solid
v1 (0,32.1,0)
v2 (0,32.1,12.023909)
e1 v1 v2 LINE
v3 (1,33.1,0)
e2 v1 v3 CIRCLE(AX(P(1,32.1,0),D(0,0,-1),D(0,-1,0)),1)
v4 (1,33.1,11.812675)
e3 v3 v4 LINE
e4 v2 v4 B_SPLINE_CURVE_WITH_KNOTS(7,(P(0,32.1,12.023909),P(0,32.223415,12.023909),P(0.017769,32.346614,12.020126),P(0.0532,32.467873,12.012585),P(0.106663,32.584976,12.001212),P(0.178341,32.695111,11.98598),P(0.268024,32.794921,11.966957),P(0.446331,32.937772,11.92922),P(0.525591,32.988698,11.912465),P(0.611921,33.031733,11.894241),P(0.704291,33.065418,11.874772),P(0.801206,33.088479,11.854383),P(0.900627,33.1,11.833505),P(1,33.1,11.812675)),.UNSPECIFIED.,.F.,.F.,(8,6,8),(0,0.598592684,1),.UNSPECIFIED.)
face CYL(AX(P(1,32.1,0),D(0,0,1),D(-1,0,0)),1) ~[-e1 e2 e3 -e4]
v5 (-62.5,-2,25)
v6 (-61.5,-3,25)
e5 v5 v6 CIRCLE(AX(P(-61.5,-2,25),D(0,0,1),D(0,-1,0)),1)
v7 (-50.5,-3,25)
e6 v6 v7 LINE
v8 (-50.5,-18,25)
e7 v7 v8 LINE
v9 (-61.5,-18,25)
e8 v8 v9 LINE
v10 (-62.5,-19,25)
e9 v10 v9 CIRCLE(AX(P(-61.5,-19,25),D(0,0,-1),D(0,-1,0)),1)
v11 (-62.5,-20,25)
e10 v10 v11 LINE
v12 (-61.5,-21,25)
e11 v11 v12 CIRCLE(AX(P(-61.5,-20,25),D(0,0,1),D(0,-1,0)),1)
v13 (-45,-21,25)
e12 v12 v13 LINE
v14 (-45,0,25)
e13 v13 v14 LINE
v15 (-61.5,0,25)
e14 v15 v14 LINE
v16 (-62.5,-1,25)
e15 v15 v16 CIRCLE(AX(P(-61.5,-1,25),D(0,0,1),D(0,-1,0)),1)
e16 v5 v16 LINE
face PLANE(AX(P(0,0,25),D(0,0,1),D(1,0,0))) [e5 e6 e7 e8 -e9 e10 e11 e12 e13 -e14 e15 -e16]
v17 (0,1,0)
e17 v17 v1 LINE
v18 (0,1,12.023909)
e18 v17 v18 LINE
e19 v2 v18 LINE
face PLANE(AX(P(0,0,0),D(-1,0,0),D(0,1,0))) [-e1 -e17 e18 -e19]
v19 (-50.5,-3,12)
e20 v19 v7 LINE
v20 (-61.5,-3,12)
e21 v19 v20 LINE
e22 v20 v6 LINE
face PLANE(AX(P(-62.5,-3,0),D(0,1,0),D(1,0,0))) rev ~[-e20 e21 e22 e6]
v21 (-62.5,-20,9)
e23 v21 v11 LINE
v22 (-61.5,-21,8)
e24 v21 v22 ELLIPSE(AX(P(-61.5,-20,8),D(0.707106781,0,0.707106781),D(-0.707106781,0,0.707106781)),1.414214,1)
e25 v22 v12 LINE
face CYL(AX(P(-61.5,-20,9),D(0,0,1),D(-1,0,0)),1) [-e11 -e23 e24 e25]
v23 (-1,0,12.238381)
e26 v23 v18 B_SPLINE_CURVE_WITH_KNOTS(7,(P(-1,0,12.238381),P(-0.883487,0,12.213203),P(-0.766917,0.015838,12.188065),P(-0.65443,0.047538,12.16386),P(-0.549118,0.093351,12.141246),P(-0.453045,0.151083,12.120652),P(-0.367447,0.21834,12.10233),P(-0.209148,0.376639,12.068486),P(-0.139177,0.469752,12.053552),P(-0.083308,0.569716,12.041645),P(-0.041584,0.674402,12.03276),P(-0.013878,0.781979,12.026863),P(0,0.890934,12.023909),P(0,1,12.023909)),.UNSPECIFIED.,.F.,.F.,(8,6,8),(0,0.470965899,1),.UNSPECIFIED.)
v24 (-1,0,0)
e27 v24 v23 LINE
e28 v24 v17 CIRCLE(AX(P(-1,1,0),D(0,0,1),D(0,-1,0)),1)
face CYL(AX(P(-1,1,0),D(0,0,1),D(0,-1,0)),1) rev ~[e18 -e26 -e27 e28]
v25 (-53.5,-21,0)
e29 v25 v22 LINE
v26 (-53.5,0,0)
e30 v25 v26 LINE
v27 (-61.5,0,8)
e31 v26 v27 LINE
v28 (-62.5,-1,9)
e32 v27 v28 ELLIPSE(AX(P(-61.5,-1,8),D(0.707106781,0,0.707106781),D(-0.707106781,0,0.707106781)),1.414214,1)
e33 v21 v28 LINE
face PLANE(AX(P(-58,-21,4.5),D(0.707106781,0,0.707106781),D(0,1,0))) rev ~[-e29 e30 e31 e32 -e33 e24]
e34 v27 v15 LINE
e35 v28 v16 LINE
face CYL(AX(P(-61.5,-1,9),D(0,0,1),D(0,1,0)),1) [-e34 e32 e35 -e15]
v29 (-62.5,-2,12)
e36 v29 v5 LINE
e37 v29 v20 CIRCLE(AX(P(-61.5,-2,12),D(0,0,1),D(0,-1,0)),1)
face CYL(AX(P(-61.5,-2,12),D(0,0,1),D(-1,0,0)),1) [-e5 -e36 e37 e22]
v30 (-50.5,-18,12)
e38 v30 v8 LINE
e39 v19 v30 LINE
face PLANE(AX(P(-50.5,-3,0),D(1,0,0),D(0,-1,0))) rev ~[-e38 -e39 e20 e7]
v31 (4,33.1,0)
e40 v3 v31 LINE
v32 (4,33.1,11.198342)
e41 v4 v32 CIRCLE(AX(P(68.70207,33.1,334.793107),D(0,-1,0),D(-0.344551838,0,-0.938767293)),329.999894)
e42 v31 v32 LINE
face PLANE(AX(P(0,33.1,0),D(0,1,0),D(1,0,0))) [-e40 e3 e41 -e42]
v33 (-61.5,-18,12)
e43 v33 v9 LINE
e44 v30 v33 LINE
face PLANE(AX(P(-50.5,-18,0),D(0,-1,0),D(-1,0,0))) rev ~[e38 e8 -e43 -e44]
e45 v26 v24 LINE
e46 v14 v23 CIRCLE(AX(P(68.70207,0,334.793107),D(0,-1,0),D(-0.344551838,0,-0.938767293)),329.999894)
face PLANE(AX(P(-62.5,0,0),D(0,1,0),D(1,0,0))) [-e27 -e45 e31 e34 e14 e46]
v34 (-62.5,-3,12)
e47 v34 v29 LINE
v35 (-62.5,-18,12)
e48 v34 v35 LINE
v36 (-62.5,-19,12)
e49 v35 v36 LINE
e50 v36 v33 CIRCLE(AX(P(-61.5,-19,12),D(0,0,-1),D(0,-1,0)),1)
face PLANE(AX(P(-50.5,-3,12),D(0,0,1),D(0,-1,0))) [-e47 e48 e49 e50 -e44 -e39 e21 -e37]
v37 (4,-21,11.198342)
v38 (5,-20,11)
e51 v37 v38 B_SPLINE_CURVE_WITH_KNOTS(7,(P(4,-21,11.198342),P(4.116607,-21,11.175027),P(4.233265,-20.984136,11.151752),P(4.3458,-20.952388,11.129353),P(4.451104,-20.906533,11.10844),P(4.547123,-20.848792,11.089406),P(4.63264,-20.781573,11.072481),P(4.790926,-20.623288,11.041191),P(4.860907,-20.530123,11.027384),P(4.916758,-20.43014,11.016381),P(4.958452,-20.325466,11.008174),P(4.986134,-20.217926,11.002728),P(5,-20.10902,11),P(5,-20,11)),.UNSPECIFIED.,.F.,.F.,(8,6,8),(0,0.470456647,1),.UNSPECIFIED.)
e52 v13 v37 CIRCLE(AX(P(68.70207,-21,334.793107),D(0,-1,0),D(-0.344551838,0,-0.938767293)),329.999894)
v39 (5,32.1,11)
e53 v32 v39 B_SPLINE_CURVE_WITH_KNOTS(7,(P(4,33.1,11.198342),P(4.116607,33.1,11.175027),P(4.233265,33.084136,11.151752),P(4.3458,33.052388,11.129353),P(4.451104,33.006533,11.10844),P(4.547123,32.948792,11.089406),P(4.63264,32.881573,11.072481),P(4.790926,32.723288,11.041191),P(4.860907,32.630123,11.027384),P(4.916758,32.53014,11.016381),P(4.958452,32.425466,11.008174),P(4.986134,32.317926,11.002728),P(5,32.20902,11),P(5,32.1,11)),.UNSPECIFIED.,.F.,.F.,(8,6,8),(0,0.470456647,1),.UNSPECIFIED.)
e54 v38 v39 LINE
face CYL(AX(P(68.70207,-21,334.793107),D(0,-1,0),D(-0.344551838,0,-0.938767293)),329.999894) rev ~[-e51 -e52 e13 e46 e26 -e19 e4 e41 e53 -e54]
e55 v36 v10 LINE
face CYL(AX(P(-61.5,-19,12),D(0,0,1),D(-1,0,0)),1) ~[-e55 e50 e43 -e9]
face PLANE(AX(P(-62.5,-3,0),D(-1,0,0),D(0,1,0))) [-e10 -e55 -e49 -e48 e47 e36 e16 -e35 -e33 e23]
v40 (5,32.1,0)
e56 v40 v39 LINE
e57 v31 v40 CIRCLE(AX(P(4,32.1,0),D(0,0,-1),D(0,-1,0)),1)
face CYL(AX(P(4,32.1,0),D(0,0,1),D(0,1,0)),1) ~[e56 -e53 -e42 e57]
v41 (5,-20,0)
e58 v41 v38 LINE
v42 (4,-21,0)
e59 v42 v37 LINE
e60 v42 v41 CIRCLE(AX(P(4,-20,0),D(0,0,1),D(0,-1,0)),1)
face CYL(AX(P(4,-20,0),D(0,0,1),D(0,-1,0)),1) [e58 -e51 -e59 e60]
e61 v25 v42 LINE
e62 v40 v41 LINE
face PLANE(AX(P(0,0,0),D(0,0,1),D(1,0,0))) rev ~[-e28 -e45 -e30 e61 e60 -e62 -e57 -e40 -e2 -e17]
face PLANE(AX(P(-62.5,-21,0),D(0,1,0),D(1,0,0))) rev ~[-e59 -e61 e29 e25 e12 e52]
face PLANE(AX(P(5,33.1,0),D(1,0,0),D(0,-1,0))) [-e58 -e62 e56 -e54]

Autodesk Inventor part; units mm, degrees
ref_plane "YZ Plane" through (0, 0, 0) normal (1, 0, 0) x (0, 1, 0)
ref_plane "XZ Plane" through (0, 0, 0) normal (0, 1, 0) x (-1, 0, 0)
ref_plane "XY Plane" through (0, 0, 0) normal (0, 0, 1) x (1, 0, 0)
sketch "Szkic1" plane through (0, 0, 0) normal (0, 0, 1) x (1, 0, 0)
  line L0 (0, 0) -> (0, 33.1)
  line L1 (0, 33.1) -> (5, 33.1)
  line L2 (5, 33.1) -> (5, -21)
  line L3 (-62.5, -3) -> (-62.5, 0)
  line L4 (-62.5, 0) -> (0, 0)
  line L5 (-62.5, -3) -> (-50.5, -3)
  line L6 (-50.5, -3) -> (-50.5, -18)
  line L7 (-50.5, -18) -> (-62.5, -18)
  line L8 (-62.5, -18) -> (-62.5, -21)
  line L9 (-62.5, -21) -> (5, -21)
  dimension "d1" = 15
  dimension "d3" = 3
  dimension "d4" = 12
  dimension "d6" = 3
  dimension "d7" = 5
  dimension "d8" = 33.1
  dimension "d9" = 50.5
extrude "Wyciągnięcie proste1" add sketch "Szkic1" along normal blind 25
sketch "Szkic2" plane through (-50.5, -18, 0) normal (-1, 0, 0) x (0, 0, 1)
  line L0 (0, 0) -> (0, 15) construction
  line L1 (0, 0) -> (25, 0) construction
  line L2 (25, 15) -> (25, 0) construction
  line L3 (0, 15) -> (25, 15) construction
  line L4 (0, 15) -> (12, 15)
  line L5 (12, 15) -> (12, 0)
  line L6 (12, 0) -> (0, 0)
  line L7 (0, 0) -> (0, 15)
  point P0 (0, 18)
  dimension "d14" = 13
extrude "Wyciągnięcie proste2" add sketch "Szkic2" along normal up to surface (12 mm away)
chamfer "Faza1" distance 9 angle 45 1 edges at (-62.5, -10.5, 0)
sketch "Szkic4" plane through (-62.5, -21, 25) normal (0, -1, 0) x (1, 0, 0)
  line L0 (0, 0) -> (67.5, 0) construction
  line L1 (62.5, 0) -> (0, 0) construction
  arc A0 (17.5, 0) -> (67.5, -14) centre (131.2021, 309.7932) ccw
  line L2 (67.5, 0) -> (67.5, -25) construction
  line L3 (62.5, -25) -> (67.5, -25) construction
  line L4 (17.5, 0) -> (67.5, 0)
  line L5 (67.5, 0) -> (67.5, -14)
  dimension "d21" = 11
  dimension "d23" = 50
  dimension "d24" = 330
extrude "Wyciągnięcie proste3" cut sketch "Szkic4" against normal up to surface (54.1 mm away)
fillet "Zaokrąglenie1" radius 1 8 edges at (5, -21, 5.5) (0, 0, 6.012) (5, 33.1, 5.5) (0, 33.1, 6.012) (-62.5, 0, 17) (-62.5, -21, 17) (-62.5, -18, 18.5) (-62.5, -3, 18.5)
equation "\"d3\" = d2"
equation "\"d2\" = 3"
properties part number "CH_01_0024_piston_adapter"
